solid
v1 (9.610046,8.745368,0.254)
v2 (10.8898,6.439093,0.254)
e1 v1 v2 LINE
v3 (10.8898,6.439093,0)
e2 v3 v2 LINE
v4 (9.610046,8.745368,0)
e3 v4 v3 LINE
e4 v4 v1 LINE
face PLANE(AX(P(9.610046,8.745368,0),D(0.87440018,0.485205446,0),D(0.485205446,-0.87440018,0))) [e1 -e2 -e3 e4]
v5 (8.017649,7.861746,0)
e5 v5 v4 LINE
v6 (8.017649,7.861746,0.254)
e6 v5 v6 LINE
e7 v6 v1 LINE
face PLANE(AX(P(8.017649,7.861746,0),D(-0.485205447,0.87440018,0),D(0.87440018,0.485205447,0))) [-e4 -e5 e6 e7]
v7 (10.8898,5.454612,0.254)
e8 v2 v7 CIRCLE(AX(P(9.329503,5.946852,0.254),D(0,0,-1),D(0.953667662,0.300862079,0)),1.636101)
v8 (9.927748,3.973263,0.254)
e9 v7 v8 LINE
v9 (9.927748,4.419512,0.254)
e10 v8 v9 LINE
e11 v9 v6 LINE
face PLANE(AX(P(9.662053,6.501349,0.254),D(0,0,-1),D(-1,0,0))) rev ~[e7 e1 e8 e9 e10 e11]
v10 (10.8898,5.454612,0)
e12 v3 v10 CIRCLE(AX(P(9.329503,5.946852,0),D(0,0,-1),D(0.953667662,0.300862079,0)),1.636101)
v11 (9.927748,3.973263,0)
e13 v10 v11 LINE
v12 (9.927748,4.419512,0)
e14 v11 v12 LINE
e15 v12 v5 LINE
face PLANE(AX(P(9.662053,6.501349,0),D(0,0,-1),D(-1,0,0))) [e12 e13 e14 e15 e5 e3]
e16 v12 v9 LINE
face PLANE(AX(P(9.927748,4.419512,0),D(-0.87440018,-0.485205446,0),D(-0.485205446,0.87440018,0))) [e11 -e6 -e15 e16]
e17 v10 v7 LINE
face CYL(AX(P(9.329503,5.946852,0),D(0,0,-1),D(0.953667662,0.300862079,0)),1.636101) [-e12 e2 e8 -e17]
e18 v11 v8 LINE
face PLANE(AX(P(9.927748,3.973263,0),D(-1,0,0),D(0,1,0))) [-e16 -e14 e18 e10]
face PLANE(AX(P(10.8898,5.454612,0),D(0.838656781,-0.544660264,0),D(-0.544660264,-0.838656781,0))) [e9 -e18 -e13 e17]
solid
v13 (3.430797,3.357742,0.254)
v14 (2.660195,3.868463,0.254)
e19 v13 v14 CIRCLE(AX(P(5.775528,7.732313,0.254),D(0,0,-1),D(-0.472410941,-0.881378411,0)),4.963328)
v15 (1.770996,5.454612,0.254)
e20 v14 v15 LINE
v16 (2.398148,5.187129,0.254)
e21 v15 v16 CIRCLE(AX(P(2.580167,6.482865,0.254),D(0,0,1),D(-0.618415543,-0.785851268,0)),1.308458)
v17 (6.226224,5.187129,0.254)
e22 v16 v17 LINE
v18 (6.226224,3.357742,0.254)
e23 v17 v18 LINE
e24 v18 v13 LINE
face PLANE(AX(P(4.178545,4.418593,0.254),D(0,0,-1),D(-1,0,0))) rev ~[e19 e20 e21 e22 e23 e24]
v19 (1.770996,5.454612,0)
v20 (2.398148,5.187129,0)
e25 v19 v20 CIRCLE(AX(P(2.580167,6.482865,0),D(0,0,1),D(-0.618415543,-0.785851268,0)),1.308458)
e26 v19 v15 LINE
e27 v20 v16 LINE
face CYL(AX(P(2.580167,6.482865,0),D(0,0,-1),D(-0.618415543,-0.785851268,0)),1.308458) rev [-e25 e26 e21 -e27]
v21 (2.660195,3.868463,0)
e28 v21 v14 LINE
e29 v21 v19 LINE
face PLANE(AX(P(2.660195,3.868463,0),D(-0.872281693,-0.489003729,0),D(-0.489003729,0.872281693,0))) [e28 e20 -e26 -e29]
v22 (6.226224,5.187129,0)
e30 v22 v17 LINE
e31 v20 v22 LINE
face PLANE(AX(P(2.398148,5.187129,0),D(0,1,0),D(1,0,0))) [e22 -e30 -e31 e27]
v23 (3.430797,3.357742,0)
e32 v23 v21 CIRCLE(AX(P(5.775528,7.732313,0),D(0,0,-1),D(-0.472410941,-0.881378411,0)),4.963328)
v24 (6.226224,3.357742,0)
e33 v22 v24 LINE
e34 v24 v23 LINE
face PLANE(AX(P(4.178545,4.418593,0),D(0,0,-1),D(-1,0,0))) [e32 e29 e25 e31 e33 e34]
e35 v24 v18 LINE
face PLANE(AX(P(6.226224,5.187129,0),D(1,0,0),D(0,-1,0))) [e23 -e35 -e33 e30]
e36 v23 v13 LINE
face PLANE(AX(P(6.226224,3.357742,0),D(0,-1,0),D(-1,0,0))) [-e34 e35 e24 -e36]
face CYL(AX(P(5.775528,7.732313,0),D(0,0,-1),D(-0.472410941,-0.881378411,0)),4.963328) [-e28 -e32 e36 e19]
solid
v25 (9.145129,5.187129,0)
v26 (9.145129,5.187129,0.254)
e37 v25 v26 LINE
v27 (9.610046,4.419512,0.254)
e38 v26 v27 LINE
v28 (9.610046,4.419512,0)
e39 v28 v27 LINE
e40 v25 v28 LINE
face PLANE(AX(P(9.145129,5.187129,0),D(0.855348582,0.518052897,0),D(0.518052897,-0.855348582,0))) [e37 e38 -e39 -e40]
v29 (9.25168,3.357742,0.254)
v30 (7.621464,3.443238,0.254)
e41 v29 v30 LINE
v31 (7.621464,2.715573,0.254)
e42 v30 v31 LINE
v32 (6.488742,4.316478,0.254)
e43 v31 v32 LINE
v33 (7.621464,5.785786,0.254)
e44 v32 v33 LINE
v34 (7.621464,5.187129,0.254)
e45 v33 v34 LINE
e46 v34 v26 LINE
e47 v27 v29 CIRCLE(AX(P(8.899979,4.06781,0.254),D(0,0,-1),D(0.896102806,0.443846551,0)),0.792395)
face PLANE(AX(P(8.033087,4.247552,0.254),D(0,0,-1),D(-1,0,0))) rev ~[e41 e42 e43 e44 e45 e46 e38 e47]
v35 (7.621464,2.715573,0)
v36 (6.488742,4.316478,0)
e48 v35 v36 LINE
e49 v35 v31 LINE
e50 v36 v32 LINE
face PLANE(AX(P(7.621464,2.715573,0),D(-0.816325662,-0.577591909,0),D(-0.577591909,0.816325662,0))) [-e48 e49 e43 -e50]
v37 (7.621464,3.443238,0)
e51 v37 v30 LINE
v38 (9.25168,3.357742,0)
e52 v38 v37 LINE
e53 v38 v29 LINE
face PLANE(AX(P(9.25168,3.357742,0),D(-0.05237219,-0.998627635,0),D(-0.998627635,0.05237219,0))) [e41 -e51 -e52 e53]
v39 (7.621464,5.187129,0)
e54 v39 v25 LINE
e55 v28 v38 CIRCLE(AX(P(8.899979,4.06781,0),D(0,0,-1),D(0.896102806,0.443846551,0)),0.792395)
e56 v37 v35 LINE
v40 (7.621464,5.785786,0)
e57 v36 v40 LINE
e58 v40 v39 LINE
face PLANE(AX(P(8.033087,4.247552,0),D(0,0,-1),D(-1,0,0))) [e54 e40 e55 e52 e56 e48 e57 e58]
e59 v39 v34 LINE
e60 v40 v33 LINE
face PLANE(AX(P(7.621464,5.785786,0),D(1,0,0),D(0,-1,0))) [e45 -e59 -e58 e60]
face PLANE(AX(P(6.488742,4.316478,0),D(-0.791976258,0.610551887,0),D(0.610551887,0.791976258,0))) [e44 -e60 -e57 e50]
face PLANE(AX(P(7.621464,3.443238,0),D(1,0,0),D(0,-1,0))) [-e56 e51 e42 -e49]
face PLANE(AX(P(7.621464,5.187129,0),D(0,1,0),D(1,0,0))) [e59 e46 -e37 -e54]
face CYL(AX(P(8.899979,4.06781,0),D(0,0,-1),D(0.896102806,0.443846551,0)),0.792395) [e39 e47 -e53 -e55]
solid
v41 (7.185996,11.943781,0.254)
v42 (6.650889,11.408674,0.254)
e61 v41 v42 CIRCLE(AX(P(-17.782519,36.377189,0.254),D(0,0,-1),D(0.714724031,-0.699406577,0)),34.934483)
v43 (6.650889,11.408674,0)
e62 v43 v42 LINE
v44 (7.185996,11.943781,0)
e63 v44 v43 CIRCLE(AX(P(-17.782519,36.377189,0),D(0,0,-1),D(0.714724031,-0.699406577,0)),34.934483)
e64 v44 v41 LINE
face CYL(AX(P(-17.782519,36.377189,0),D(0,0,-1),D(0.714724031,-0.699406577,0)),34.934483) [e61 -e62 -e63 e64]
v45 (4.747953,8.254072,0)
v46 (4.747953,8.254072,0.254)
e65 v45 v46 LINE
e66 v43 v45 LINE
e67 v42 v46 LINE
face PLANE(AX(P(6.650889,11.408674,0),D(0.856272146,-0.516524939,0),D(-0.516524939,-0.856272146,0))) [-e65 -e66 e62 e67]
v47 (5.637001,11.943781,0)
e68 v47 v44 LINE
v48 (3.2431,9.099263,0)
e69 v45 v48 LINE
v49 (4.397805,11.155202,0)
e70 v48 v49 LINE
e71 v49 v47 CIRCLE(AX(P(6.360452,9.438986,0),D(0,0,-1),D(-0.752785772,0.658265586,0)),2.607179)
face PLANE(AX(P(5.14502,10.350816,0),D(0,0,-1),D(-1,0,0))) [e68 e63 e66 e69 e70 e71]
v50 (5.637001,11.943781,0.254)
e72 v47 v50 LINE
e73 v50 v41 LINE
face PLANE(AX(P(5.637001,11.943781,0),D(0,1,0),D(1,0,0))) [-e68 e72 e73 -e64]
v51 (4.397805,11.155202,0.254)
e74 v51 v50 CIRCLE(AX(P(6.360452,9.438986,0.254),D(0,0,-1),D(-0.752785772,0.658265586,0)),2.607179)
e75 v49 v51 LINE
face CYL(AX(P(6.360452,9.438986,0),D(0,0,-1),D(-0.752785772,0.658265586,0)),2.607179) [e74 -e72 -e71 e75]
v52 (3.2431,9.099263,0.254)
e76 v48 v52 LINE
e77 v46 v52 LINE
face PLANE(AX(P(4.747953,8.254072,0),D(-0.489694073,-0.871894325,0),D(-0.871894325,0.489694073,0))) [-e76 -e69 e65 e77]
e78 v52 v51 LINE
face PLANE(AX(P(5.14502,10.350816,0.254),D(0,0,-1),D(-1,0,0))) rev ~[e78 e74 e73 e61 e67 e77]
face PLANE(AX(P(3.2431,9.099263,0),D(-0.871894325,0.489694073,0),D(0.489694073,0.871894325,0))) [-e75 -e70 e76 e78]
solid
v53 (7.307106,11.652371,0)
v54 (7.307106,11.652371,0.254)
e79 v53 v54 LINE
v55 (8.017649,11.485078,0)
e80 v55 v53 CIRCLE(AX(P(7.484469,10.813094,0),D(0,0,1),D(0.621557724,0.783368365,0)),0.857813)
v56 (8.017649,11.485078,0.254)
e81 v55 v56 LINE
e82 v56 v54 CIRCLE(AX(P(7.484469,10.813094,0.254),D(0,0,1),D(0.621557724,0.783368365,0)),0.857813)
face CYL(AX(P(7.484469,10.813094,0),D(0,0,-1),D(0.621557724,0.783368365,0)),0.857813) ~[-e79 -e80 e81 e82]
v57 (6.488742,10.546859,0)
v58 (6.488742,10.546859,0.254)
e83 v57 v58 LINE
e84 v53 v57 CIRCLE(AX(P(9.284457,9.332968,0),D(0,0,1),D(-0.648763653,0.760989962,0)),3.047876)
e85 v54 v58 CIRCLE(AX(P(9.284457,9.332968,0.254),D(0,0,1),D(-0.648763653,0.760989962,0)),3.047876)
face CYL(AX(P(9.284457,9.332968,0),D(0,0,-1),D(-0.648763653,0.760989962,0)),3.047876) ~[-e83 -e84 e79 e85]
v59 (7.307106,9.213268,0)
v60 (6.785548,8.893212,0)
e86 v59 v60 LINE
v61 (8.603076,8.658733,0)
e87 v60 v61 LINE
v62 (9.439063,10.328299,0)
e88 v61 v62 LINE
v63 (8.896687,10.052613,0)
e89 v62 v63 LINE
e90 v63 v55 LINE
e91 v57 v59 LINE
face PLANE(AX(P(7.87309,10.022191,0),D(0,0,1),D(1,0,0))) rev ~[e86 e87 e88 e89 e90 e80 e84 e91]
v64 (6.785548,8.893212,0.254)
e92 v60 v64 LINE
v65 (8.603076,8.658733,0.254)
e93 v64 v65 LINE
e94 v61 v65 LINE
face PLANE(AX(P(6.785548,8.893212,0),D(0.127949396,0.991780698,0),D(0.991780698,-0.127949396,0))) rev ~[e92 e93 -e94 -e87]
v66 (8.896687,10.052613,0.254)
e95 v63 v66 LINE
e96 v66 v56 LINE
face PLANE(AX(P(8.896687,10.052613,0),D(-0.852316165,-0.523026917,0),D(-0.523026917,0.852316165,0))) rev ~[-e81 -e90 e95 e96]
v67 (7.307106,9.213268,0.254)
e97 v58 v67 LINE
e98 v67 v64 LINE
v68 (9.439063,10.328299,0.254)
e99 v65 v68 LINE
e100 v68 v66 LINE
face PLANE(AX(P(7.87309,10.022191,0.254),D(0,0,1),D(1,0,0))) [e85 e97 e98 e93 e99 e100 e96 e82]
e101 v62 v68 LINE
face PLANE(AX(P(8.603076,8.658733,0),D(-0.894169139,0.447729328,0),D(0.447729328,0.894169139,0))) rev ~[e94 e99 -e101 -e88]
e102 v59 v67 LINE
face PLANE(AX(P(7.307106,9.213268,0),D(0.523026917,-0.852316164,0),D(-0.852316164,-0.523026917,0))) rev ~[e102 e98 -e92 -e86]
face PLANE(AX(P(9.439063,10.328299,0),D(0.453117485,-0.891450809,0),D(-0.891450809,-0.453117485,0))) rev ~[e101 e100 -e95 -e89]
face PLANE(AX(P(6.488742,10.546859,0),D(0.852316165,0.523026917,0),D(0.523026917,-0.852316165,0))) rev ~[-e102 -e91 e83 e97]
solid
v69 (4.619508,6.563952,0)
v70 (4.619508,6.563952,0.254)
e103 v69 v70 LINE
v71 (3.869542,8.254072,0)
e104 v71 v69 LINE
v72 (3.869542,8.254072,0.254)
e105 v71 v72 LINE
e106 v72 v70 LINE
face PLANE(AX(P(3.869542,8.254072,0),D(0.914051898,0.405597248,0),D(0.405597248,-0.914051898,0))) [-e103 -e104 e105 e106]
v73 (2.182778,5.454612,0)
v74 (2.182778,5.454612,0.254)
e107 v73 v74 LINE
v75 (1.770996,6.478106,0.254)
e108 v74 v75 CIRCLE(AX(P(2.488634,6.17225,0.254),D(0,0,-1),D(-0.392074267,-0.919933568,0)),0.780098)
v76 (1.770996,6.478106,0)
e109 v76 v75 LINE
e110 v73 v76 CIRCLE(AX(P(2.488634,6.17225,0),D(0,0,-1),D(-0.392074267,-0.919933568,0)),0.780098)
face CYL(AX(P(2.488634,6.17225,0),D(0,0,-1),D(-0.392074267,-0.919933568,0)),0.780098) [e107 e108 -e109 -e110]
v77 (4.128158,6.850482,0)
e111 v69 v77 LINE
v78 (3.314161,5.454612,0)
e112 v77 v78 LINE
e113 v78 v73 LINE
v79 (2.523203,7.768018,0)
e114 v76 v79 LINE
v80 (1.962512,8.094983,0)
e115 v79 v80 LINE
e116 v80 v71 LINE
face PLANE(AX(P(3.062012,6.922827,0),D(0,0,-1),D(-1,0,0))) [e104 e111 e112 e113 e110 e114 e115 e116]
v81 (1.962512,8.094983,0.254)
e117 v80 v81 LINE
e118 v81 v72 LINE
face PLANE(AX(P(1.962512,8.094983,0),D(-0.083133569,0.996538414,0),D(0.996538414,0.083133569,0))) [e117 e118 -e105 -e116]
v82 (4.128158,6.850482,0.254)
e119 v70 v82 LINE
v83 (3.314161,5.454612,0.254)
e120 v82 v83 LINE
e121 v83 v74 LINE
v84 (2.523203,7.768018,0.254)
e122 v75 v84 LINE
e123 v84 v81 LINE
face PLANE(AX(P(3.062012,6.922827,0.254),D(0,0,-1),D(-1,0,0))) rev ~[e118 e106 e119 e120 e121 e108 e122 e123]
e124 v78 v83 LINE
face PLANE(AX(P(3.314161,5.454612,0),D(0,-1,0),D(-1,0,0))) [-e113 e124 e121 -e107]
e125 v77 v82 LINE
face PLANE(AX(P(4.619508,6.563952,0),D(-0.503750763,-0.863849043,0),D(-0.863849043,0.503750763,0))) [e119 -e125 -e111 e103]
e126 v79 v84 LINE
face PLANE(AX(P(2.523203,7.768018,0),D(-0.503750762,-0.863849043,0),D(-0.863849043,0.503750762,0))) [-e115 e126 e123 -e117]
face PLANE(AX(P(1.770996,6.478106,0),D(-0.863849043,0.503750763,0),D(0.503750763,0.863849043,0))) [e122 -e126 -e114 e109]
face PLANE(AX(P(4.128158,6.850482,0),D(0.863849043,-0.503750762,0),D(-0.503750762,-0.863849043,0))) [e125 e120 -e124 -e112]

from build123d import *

# Parameters (mm, degrees)
BOSS_EXTRUDE1_DEPTH   = 0.254
BOSS_EXTRUDE1_2_DEPTH = 0.254
BOSS_EXTRUDE1_3_DEPTH = 0.254
BOSS_EXTRUDE1_4_DEPTH = 0.254
BOSS_EXTRUDE1_5_DEPTH = 0.254
BOSS_EXTRUDE1_6_DEPTH = 0.254


with BuildPart() as part:
    # Sketch1 → Boss-Extrude1 (new body)
    with BuildSketch(Plane.XY):
        with BuildLine():
            Line((5.637000935, 11.943781458), (7.185995863, 11.943781458))
            ThreePointArc((7.185995863, 11.943781458), (6.919891183, 11.674778799), (6.650888524, 11.408674119))
            Line((6.650888524, 11.408674119), (4.747952976, 8.254071924))
            Line((4.747952976, 8.254071924), (3.243099683, 9.0992635))
            Line((3.243099683, 9.0992635), (4.397804993, 11.155202222))
            ThreePointArc((4.397804993, 11.155202222), (4.960721662, 11.638562457), (5.637000935, 11.943781458))
        make_face()
    extrude(amount=BOSS_EXTRUDE1_DEPTH)


with BuildPart() as body_2:
    # Sketch1 → Boss-Extrude1 2 (new body)
    with BuildSketch(Plane.XY):
        with BuildLine():
            Line((6.48874249, 10.5468587), (7.307105521, 9.213267603))
            Line((7.307105521, 9.213267603), (6.785548208, 8.893212059))
            Line((6.785548208, 8.893212059), (8.603076052, 8.658733216))
            Line((8.603076052, 8.658733216), (9.439062626, 10.328298615))
            Line((9.439062626, 10.328298615), (8.89668655, 10.052613091))
            Line((8.89668655, 10.052613091), (8.017649291, 11.485077924))
            ThreePointArc((8.017649291, 11.485077924), (7.681060328, 11.64807643), (7.307105521, 11.652371198))
            ThreePointArc((7.307105521, 11.652371198), (6.834746968, 11.146382174), (6.48874249, 10.5468587))
        make_face()
    extrude(amount=BOSS_EXTRUDE1_2_DEPTH)


with BuildPart() as body_3:
    # Sketch1 → Boss-Extrude1 3 (new body)
    with BuildSketch(Plane.XY):
        with BuildLine():
            Line((8.017649291, 7.861746009), (9.610046163, 8.745368466))
            Line((9.610046163, 8.745368466), (10.889800345, 6.439093267))
            ThreePointArc((10.889800345, 6.439093267), (10.965604743, 5.946852431), (10.889800345, 5.454611596))
            Line((10.889800345, 5.454611596), (9.927748084, 3.973263118))
            Line((9.927748084, 3.973263118), (9.927748084, 4.419511916))
            Line((9.927748084, 4.419511916), (8.017649291, 7.861746009))
        make_face()
    extrude(amount=BOSS_EXTRUDE1_3_DEPTH)


with BuildPart() as body_4:
    # Sketch1 → Boss-Extrude1 4 (new body)
    with BuildSketch(Plane.XY):
        with BuildLine():
            Line((7.621464325, 5.187129092), (9.145128923, 5.187129092))
            Line((9.145128923, 5.187129092), (9.610046163, 4.419511916))
            ThreePointArc((9.610046163, 4.419511916), (9.650762974, 3.814407191), (9.251680452, 3.357742403))
            Line((9.251680452, 3.357742403), (7.621464325, 3.443237722))
            Line((7.621464325, 3.443237722), (7.621464325, 2.715572638))
            Line((7.621464325, 2.715572638), (6.48874249, 4.316477857))
            Line((6.48874249, 4.316477857), (7.621464325, 5.785785902))
            Line((7.621464325, 5.785785902), (7.621464325, 5.187129092))
        make_face()
    extrude(amount=BOSS_EXTRUDE1_4_DEPTH)


with BuildPart() as body_5:
    # Sketch1 → Boss-Extrude1 5 (new body)
    with BuildSketch(Plane.XY):
        with BuildLine():
            Line((1.962512056, 8.094982994), (3.869542298, 8.254071924))
            Line((3.869542298, 8.254071924), (4.619508312, 6.563952326))
            Line((4.619508312, 6.563952326), (4.12815791, 6.850481717))
            Line((4.12815791, 6.850481717), (3.314160785, 5.454611596))
            Line((3.314160785, 5.454611596), (2.182778024, 5.454611596))
            ThreePointArc((2.182778024, 5.454611596), (1.764914266, 5.881076175), (1.770995964, 6.478106467))
            Line((1.770995964, 6.478106467), (2.523203463, 7.768017622))
            Line((2.523203463, 7.768017622), (1.962512056, 8.094982994))
        make_face()
    extrude(amount=BOSS_EXTRUDE1_5_DEPTH)


with BuildPart() as body_6:
    # Sketch1 → Boss-Extrude1 6 (new body)
    with BuildSketch(Plane.XY):
        with BuildLine():
            Line((6.226223733, 5.187129092), (6.226223733, 3.357742403))
            Line((6.226223733, 3.357742403), (3.430797167, 3.357742403))
            ThreePointArc((3.430797167, 3.357742403), (3.03357937, 3.595122118), (2.660195359, 3.868463459))
            Line((2.660195359, 3.868463459), (1.770995964, 5.454611596))
            ThreePointArc((1.770995964, 5.454611596), (2.066843427, 5.279302969), (2.398148139, 5.187129092))
            Line((2.398148139, 5.187129092), (6.226223733, 5.187129092))
        make_face()
    extrude(amount=BOSS_EXTRUDE1_6_DEPTH)


solid = Compound([part.part, body_2.part, body_3.part, body_4.part, body_5.part, body_6.part])
